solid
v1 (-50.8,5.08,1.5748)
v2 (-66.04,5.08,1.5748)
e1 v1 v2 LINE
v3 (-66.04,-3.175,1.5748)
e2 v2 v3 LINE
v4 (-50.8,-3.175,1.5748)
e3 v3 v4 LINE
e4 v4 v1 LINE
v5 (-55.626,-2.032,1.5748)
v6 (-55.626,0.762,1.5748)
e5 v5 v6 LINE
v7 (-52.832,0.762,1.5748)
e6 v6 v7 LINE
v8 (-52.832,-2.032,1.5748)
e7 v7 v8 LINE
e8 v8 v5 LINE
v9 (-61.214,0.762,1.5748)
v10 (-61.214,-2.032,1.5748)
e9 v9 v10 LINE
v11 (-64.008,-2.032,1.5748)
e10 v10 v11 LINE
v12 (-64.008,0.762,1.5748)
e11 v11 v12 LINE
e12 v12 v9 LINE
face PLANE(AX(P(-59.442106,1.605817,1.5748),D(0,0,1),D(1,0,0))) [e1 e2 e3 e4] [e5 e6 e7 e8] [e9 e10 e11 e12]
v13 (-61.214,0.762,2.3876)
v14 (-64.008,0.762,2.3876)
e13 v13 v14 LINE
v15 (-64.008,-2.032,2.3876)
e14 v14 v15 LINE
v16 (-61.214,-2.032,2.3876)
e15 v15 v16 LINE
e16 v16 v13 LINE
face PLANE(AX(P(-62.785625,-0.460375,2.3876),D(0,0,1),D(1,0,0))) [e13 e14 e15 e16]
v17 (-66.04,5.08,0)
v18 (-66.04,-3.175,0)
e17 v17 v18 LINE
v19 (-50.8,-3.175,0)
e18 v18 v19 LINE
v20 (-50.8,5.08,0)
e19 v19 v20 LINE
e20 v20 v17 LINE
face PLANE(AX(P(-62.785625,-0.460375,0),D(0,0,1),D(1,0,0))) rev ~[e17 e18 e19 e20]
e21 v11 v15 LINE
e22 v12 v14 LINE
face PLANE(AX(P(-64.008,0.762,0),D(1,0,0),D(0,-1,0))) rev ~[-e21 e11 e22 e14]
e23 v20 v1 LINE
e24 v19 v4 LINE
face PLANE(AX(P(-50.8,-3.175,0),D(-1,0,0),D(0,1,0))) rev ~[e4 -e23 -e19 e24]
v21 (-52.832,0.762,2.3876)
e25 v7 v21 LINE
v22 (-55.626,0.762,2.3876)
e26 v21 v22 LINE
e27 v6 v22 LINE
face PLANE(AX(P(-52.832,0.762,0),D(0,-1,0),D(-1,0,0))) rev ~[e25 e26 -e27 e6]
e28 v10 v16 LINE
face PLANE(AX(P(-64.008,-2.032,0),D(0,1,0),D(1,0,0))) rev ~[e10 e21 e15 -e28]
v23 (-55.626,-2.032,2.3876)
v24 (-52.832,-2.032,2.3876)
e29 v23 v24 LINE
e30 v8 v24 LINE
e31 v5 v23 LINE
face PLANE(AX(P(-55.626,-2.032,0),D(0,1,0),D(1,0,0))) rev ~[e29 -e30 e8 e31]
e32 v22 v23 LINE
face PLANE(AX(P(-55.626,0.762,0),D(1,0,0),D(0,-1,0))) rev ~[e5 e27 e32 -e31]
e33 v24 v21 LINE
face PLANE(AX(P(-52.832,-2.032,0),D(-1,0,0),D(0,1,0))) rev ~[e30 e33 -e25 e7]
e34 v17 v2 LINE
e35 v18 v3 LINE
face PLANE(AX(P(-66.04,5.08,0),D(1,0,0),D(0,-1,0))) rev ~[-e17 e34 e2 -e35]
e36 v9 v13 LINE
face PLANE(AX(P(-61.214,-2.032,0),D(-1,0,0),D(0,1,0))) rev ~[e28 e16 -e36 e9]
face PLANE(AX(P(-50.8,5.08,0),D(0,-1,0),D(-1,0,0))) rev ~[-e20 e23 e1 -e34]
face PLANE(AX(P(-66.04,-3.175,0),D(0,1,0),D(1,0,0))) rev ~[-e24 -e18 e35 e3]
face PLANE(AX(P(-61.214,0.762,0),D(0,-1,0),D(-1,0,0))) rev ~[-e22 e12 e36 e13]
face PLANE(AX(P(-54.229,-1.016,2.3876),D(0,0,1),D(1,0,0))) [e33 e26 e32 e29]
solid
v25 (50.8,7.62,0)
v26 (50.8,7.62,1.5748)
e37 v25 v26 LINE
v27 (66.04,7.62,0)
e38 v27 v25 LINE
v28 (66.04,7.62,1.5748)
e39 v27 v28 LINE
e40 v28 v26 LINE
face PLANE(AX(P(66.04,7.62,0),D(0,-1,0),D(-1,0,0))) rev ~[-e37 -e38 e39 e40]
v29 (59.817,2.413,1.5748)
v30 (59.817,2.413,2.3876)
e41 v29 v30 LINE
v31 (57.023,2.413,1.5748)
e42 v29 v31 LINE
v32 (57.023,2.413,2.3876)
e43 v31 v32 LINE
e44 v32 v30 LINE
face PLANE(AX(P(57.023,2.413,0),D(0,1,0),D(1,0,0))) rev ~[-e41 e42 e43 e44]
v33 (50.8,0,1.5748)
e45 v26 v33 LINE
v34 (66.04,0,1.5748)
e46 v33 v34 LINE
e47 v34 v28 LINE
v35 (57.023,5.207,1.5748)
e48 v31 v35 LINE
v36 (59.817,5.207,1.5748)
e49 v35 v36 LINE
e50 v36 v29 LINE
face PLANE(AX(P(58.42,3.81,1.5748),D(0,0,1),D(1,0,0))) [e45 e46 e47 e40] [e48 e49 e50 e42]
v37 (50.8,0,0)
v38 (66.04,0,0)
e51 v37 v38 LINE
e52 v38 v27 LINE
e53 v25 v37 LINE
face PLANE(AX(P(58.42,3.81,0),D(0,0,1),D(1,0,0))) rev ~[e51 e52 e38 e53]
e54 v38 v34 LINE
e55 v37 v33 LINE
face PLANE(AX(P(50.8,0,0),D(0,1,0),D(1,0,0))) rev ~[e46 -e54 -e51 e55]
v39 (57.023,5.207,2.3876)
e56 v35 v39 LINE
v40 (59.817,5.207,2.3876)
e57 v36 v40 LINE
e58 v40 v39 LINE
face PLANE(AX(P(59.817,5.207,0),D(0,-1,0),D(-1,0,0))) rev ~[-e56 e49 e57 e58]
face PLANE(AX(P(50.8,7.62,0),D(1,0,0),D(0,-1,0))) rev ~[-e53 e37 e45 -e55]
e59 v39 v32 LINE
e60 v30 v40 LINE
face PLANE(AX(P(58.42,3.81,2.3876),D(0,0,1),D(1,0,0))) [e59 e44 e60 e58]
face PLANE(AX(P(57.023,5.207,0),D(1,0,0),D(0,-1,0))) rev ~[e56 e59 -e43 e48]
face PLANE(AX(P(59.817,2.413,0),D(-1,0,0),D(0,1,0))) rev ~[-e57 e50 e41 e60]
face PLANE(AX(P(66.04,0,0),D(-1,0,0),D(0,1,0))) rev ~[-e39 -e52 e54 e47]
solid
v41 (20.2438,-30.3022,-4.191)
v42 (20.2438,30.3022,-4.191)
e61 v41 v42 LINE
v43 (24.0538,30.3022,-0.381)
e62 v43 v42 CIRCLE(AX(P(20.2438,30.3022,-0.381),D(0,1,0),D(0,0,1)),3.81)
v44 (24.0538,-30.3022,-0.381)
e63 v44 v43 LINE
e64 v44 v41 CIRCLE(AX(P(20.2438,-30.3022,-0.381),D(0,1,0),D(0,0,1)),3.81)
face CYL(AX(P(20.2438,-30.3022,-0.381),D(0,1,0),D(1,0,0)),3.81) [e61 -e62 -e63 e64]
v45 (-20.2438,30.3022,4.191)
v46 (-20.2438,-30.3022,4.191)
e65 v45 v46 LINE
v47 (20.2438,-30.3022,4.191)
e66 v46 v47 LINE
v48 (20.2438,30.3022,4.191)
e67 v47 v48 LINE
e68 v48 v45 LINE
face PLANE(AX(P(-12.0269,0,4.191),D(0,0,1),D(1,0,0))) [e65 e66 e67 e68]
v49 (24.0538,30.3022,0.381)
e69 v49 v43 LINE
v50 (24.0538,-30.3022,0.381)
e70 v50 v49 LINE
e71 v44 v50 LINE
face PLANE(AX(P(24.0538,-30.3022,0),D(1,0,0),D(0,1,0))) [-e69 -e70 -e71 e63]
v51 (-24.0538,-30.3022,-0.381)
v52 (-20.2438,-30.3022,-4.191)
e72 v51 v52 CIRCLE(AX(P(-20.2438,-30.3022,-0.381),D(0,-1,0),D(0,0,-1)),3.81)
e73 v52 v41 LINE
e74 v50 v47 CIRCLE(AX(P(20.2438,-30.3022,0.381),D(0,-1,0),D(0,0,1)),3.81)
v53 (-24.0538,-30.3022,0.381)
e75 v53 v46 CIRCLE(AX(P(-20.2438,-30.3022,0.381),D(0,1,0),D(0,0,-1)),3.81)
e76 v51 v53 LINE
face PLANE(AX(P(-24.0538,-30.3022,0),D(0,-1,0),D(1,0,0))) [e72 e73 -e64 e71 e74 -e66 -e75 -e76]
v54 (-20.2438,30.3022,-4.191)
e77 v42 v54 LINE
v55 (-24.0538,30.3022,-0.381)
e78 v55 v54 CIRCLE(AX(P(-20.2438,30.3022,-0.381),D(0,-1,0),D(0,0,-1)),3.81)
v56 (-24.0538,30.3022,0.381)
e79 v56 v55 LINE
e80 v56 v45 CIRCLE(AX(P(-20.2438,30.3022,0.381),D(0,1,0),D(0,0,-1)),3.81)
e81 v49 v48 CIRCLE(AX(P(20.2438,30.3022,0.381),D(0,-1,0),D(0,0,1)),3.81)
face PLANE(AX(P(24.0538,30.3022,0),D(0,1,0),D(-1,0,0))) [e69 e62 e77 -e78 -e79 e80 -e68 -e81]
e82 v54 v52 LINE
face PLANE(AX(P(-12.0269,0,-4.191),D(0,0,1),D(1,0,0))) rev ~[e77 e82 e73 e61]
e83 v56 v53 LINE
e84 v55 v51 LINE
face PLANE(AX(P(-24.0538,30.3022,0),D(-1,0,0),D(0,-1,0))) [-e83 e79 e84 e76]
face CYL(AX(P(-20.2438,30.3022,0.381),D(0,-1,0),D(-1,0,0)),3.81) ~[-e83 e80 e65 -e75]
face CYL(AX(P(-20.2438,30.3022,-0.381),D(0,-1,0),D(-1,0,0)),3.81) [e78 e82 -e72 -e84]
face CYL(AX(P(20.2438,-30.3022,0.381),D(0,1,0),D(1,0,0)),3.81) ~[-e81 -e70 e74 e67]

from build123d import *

# Parameters (mm, degrees)
F1_DEPTH = 4.191
F2_W     = 5.588
F2_H     = 0.635
F2_W_2   = 1.397
F2_H_2   = 1.397
F3_DEPTH = 1.5748
F4_DEPTH = 2.3876
F6_DEPTH = 1.5748
F7_DEPTH = 2.3876
F8_R     = 3.81


with BuildPart() as f1:
    # F0 (on Top) → F1 (new body, symmetric)
    with BuildSketch(Plane.XY):
        Polygon((0, -30.3022), (0, 0), (0, 30.3022), (-24.0538, 30.3022), (-24.0538, -30.3022), align=None)
        Polygon((0, 30.3022), (0, 0), (0, -30.3022), (24.0538, -30.3022), (24.0538, 30.3022), align=None)
    extrude(amount=F1_DEPTH, both=True)

    # F8
    f8_edges = [f1.edges().sort_by_distance(p)[0] for p in [
        (-24.0538, 0, 4.191),
        (-24.0538, 0, -4.191),
        (24.0538, 0, 4.191),
        (24.0538, 0, -4.191),
    ]]
    fillet(f8_edges, radius=F8_R)


with BuildPart() as f3:
    # F2 (on Top) → F3 (new body)
    with BuildSketch(Plane.XY):
        Polygon((-52.832, 0), (-50.8, 0), (-50.8, 5.08), (-66.04, 5.08), (-66.04, -3.175), (-62.611, -3.175), (-62.611, -2.032), (-64.008, -2.032), (-64.008, 0.762), (-61.214, 0.762), (-61.214, 0), (-55.626, 0), (-55.626, 0.762), (-52.832, 0.762), align=None)
        Polygon((-50.8, -3.175), (-50.8, 0), (-52.832, 0), (-52.832, -2.032), (-55.626, -2.032), (-55.626, -0.635), (-61.214, -0.635), (-61.214, -2.032), (-62.611, -2.032), (-62.611, -3.175), align=None)
        with Locations((-58.42, -0.3175)):
            Rectangle(F2_W, F2_H)
        Polygon((-64.008, -2.032), (-62.611, -2.032), (-62.611, -0.635), (-61.214, -0.635), (-61.214, 0), (-61.214, 0.762), (-64.008, 0.762), align=None)
        Polygon((-52.832, -2.032), (-52.832, 0), (-54.229, 0), (-55.626, 0), (-55.626, -0.635), (-55.626, -2.032), align=None)
        with Locations((-61.9125, -1.3335)):
            Rectangle(F2_W_2, F2_H_2)
        Polygon((-54.229, 0), (-52.832, 0), (-52.832, 0.762), (-55.626, 0.762), (-55.626, 0), align=None)
    extrude(amount=F3_DEPTH)

    # F2 (on Top) → F4 (join)
    with BuildSketch(Plane.XY):
        Polygon((-64.008, -2.032), (-62.611, -2.032), (-62.611, -0.635), (-61.214, -0.635), (-61.214, 0), (-61.214, 0.762), (-64.008, 0.762), align=None)
        with Locations((-61.9125, -1.3335)):
            Rectangle(F2_W_2, F2_H_2)
        Polygon((-52.832, -2.032), (-52.832, 0), (-54.229, 0), (-55.626, 0), (-55.626, -0.635), (-55.626, -2.032), align=None)
        Polygon((-54.229, 0), (-52.832, 0), (-52.832, 0.762), (-55.626, 0.762), (-55.626, 0), align=None)
    extrude(amount=F4_DEPTH)


with BuildPart() as f6:
    # F5 (on Top) → F6 (new body)
    with BuildSketch(Plane.XY):
        Polygon((50.8, 7.62), (50.8, 0), (58.42, 0), (66.04, 0), (66.04, 7.62), align=None)
        Polygon((59.817, 2.413), (58.42, 2.413), (57.023, 2.413), (57.023, 5.207), (59.817, 5.207), align=None, mode=Mode.SUBTRACT)
        Polygon((57.023, 2.413), (58.42, 2.413), (59.817, 2.413), (59.817, 5.207), (57.023, 5.207), align=None)
    extrude(amount=F6_DEPTH)

    # F5 (on Top) → F7 (join)
    with BuildSketch(Plane.XY):
        Polygon((57.023, 2.413), (58.42, 2.413), (59.817, 2.413), (59.817, 5.207), (57.023, 5.207), align=None)
    extrude(amount=F7_DEPTH)


solid = Compound([f1.part, f3.part, f6.part])
